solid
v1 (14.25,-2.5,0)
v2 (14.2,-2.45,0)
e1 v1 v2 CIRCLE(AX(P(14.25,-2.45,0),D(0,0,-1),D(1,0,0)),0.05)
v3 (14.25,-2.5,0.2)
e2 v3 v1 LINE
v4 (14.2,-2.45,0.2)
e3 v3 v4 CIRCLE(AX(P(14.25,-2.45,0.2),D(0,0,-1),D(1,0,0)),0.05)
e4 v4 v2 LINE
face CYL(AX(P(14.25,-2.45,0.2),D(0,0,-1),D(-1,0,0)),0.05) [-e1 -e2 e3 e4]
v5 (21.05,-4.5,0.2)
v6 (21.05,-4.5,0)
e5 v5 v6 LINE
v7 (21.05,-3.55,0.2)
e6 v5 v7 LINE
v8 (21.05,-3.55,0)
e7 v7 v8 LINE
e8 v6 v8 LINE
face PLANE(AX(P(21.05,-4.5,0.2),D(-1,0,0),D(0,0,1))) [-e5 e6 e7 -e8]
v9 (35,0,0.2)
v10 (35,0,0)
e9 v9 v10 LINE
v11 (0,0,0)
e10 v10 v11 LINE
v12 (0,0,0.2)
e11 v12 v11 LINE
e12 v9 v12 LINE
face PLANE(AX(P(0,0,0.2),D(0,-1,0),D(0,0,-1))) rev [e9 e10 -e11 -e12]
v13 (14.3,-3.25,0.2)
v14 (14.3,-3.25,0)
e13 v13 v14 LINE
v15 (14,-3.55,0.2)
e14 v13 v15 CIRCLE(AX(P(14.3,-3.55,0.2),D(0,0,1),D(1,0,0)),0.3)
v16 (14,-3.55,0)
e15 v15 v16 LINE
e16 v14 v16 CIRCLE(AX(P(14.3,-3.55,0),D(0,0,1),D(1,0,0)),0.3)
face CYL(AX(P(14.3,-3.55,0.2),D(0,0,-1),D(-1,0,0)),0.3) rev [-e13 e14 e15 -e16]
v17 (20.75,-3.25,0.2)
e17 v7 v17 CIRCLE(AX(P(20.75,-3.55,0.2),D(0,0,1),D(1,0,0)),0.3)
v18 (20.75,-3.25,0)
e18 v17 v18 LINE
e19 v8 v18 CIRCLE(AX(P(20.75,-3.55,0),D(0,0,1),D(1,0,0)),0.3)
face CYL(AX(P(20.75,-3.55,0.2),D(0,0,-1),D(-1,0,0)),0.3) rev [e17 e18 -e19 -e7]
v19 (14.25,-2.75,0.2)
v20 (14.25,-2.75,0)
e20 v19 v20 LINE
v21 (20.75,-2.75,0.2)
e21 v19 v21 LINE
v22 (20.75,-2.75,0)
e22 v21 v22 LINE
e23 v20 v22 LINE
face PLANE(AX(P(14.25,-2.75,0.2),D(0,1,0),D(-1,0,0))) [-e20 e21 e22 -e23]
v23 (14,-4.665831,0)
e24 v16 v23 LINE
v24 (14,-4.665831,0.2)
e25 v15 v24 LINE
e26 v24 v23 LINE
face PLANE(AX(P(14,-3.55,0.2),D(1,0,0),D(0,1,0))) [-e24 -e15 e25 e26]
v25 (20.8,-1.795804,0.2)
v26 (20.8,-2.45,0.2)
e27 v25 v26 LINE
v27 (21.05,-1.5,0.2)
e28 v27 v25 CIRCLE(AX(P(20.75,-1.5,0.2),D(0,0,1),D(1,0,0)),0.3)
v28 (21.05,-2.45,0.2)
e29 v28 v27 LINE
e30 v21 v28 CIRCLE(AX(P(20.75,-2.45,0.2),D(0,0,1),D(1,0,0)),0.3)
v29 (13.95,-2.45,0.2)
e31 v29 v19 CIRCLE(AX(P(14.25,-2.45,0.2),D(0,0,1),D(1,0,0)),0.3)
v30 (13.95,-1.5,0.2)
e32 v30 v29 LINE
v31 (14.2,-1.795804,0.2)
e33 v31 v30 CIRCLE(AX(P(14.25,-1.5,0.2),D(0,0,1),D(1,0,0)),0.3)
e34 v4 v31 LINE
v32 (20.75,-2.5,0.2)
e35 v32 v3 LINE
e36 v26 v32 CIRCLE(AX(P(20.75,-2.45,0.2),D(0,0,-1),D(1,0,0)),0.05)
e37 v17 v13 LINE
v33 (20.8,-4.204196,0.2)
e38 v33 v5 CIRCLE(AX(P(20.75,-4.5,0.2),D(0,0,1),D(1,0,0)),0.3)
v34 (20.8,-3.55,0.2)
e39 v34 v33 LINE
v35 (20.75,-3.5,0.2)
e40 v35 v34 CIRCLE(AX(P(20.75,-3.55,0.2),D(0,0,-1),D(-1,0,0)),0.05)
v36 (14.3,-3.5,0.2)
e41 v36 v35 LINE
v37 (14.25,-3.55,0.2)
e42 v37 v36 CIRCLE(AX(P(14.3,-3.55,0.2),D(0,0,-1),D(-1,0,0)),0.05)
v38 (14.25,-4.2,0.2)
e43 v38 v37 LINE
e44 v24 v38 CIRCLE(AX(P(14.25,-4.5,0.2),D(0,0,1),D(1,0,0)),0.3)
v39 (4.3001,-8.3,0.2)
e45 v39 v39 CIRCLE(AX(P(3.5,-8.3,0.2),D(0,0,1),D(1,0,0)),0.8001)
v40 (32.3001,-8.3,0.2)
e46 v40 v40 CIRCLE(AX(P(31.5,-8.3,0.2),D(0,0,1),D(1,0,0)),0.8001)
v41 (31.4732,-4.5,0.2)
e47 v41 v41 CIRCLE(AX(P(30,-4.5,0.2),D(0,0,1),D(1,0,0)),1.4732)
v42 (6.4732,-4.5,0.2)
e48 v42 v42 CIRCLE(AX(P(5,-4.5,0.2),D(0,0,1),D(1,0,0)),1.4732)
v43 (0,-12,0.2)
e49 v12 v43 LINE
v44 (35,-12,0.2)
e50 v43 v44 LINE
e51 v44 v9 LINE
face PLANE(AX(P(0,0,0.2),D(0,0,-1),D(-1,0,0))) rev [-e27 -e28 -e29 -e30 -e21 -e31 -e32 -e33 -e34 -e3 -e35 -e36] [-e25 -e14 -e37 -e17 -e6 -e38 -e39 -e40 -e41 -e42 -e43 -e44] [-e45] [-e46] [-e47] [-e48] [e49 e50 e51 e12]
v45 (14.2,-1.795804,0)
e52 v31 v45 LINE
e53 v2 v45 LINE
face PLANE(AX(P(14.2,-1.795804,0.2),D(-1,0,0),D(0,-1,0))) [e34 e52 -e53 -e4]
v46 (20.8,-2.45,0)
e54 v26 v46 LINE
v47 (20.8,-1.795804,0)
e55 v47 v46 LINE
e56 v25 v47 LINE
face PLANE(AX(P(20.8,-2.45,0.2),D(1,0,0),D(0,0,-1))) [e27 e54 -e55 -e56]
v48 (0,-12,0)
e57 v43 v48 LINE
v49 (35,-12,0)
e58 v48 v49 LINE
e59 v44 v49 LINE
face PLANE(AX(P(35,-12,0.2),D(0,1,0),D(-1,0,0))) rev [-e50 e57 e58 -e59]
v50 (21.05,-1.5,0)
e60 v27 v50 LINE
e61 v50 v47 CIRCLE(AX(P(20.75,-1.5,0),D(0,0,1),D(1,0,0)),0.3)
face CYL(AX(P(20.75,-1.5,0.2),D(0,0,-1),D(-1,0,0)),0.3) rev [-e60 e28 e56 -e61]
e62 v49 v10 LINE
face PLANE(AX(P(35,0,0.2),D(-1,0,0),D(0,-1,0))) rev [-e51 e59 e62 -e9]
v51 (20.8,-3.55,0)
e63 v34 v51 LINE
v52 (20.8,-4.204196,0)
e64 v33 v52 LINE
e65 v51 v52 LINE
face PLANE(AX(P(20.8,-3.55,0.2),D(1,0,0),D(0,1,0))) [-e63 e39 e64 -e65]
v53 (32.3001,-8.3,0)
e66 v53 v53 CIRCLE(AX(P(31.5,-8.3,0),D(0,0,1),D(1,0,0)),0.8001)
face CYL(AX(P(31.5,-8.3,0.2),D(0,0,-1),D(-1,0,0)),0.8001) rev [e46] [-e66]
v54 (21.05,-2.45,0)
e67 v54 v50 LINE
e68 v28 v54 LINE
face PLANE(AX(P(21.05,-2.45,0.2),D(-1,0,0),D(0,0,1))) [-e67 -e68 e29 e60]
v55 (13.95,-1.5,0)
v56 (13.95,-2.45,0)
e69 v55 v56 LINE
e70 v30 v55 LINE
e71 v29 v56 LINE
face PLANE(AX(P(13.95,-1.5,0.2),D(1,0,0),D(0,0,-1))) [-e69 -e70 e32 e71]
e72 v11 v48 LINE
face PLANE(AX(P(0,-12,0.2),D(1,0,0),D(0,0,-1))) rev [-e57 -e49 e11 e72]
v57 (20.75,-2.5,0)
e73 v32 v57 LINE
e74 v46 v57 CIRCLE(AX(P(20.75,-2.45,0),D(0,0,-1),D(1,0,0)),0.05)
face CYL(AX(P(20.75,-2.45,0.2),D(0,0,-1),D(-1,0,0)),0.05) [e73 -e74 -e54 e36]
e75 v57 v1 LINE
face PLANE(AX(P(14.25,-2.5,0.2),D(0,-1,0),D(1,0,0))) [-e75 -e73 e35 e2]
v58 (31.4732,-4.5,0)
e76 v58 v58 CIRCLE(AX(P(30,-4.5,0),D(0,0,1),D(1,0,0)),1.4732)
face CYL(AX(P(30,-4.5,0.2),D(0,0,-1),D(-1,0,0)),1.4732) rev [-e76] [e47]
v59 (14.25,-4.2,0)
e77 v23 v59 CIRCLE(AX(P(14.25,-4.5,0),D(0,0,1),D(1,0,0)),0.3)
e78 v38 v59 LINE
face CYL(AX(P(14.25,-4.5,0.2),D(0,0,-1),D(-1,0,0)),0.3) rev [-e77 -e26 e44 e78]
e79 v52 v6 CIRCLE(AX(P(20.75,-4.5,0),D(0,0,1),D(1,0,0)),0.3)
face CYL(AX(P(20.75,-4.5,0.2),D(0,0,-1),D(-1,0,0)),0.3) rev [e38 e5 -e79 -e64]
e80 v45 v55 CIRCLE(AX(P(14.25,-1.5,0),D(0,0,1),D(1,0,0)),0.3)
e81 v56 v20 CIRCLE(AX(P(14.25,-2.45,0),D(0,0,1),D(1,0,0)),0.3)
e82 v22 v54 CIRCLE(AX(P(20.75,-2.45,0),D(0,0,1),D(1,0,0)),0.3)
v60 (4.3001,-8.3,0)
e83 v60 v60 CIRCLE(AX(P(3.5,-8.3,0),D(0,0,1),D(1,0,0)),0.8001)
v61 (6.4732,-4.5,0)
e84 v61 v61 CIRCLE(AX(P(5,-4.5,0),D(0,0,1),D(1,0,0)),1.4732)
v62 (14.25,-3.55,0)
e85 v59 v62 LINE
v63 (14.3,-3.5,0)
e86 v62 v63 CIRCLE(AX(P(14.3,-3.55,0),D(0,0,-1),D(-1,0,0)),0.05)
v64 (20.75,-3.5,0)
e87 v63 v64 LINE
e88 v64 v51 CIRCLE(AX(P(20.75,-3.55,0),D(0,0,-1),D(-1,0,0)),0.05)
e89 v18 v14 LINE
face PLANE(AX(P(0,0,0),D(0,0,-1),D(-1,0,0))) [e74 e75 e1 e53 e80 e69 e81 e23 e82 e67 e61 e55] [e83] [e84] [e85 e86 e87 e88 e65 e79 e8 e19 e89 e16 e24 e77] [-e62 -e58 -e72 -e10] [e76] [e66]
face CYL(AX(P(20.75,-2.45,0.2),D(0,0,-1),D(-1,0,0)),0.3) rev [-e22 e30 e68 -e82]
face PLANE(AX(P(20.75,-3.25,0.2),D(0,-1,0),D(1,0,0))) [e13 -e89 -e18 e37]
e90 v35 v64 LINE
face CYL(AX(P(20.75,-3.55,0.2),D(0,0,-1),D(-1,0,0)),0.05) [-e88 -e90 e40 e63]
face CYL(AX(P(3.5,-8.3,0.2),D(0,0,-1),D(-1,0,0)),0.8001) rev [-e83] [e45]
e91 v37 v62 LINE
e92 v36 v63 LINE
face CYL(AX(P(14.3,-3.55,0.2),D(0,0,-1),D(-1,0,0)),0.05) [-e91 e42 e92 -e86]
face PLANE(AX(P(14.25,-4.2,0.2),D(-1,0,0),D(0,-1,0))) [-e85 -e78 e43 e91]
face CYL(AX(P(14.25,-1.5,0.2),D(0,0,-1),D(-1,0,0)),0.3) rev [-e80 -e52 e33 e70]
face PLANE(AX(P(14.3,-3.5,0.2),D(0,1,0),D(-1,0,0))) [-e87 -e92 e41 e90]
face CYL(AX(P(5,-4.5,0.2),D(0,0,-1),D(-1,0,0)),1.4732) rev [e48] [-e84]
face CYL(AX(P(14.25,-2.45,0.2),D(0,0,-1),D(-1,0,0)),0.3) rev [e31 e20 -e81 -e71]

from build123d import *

# Parameters (mm, degrees)
SKETCH1_W           = 35
SKETCH1_H           = 12
SKETCH1_R           = 0.8001
SKETCH1_R_2         = 1.4732
BOSS_EXTRUDE1_DEPTH = 0.2


with BuildPart() as part:
    # Sketch1 → Boss-Extrude1 (new body)
    with BuildSketch(Plane.XY):
        with Locations((17.5, -6)):
            Rectangle(SKETCH1_W, SKETCH1_H)
        with Locations((3.5, -8.3)):
            Circle(SKETCH1_R, mode=Mode.SUBTRACT)
        with Locations((5, -4.5)):
            Circle(SKETCH1_R_2, mode=Mode.SUBTRACT)
        with Locations((30, -4.5)):
            Circle(SKETCH1_R_2, mode=Mode.SUBTRACT)
        with Locations((31.5, -8.3)):
            Circle(SKETCH1_R, mode=Mode.SUBTRACT)
        with BuildLine():
            Line((14.2, -1.795803989), (14.2, -2.45))
            ThreePointArc((14.2, -2.45), (14.214644661, -2.485355339), (14.25, -2.5))
            Line((14.25, -2.5), (20.75, -2.5))
            ThreePointArc((20.75, -2.5), (20.785355339, -2.485355339), (20.8, -2.45))
            Line((20.8, -2.45), (20.8, -1.795803989))
            ThreePointArc((20.8, -1.795803989), (20.520871215, -1.306350833), (21.05, -1.5))
            Line((21.05, -1.5), (21.05, -2.45))
            ThreePointArc((21.05, -2.45), (20.962132034, -2.662132034), (20.75, -2.75))
            Line((20.75, -2.75), (14.25, -2.75))
            ThreePointArc((14.25, -2.75), (14.037867966, -2.662132034), (13.95, -2.45))
            Line((13.95, -2.45), (13.95, -1.5))
            ThreePointArc((13.95, -1.5), (14.479128785, -1.306350833), (14.2, -1.795803989))
        make_face(mode=Mode.SUBTRACT)
        with BuildLine():
            Line((14.25, -4.2), (14.25, -3.55))
            ThreePointArc((14.25, -3.55), (14.264644661, -3.514644661), (14.3, -3.5))
            Line((14.3, -3.5), (20.75, -3.5))
            ThreePointArc((20.75, -3.5), (20.785355339, -3.514644661), (20.8, -3.55))
            Line((20.8, -3.55), (20.8, -4.204196011))
            ThreePointArc((20.8, -4.204196011), (20.520871215, -4.693649167), (21.05, -4.5))
            Line((21.05, -4.5), (21.05, -3.55))
            ThreePointArc((21.05, -3.55), (20.962132034, -3.337867966), (20.75, -3.25))
            Line((20.75, -3.25), (14.3, -3.25))
            ThreePointArc((14.3, -3.25), (14.087867966, -3.337867966), (14, -3.55))
            Line((14, -3.55), (14, -4.66583124))
            ThreePointArc((14, -4.66583124), (14.514338204, -4.641863717), (14.25, -4.2))
        make_face(mode=Mode.SUBTRACT)
    extrude(amount=BOSS_EXTRUDE1_DEPTH)


solid = part.part
